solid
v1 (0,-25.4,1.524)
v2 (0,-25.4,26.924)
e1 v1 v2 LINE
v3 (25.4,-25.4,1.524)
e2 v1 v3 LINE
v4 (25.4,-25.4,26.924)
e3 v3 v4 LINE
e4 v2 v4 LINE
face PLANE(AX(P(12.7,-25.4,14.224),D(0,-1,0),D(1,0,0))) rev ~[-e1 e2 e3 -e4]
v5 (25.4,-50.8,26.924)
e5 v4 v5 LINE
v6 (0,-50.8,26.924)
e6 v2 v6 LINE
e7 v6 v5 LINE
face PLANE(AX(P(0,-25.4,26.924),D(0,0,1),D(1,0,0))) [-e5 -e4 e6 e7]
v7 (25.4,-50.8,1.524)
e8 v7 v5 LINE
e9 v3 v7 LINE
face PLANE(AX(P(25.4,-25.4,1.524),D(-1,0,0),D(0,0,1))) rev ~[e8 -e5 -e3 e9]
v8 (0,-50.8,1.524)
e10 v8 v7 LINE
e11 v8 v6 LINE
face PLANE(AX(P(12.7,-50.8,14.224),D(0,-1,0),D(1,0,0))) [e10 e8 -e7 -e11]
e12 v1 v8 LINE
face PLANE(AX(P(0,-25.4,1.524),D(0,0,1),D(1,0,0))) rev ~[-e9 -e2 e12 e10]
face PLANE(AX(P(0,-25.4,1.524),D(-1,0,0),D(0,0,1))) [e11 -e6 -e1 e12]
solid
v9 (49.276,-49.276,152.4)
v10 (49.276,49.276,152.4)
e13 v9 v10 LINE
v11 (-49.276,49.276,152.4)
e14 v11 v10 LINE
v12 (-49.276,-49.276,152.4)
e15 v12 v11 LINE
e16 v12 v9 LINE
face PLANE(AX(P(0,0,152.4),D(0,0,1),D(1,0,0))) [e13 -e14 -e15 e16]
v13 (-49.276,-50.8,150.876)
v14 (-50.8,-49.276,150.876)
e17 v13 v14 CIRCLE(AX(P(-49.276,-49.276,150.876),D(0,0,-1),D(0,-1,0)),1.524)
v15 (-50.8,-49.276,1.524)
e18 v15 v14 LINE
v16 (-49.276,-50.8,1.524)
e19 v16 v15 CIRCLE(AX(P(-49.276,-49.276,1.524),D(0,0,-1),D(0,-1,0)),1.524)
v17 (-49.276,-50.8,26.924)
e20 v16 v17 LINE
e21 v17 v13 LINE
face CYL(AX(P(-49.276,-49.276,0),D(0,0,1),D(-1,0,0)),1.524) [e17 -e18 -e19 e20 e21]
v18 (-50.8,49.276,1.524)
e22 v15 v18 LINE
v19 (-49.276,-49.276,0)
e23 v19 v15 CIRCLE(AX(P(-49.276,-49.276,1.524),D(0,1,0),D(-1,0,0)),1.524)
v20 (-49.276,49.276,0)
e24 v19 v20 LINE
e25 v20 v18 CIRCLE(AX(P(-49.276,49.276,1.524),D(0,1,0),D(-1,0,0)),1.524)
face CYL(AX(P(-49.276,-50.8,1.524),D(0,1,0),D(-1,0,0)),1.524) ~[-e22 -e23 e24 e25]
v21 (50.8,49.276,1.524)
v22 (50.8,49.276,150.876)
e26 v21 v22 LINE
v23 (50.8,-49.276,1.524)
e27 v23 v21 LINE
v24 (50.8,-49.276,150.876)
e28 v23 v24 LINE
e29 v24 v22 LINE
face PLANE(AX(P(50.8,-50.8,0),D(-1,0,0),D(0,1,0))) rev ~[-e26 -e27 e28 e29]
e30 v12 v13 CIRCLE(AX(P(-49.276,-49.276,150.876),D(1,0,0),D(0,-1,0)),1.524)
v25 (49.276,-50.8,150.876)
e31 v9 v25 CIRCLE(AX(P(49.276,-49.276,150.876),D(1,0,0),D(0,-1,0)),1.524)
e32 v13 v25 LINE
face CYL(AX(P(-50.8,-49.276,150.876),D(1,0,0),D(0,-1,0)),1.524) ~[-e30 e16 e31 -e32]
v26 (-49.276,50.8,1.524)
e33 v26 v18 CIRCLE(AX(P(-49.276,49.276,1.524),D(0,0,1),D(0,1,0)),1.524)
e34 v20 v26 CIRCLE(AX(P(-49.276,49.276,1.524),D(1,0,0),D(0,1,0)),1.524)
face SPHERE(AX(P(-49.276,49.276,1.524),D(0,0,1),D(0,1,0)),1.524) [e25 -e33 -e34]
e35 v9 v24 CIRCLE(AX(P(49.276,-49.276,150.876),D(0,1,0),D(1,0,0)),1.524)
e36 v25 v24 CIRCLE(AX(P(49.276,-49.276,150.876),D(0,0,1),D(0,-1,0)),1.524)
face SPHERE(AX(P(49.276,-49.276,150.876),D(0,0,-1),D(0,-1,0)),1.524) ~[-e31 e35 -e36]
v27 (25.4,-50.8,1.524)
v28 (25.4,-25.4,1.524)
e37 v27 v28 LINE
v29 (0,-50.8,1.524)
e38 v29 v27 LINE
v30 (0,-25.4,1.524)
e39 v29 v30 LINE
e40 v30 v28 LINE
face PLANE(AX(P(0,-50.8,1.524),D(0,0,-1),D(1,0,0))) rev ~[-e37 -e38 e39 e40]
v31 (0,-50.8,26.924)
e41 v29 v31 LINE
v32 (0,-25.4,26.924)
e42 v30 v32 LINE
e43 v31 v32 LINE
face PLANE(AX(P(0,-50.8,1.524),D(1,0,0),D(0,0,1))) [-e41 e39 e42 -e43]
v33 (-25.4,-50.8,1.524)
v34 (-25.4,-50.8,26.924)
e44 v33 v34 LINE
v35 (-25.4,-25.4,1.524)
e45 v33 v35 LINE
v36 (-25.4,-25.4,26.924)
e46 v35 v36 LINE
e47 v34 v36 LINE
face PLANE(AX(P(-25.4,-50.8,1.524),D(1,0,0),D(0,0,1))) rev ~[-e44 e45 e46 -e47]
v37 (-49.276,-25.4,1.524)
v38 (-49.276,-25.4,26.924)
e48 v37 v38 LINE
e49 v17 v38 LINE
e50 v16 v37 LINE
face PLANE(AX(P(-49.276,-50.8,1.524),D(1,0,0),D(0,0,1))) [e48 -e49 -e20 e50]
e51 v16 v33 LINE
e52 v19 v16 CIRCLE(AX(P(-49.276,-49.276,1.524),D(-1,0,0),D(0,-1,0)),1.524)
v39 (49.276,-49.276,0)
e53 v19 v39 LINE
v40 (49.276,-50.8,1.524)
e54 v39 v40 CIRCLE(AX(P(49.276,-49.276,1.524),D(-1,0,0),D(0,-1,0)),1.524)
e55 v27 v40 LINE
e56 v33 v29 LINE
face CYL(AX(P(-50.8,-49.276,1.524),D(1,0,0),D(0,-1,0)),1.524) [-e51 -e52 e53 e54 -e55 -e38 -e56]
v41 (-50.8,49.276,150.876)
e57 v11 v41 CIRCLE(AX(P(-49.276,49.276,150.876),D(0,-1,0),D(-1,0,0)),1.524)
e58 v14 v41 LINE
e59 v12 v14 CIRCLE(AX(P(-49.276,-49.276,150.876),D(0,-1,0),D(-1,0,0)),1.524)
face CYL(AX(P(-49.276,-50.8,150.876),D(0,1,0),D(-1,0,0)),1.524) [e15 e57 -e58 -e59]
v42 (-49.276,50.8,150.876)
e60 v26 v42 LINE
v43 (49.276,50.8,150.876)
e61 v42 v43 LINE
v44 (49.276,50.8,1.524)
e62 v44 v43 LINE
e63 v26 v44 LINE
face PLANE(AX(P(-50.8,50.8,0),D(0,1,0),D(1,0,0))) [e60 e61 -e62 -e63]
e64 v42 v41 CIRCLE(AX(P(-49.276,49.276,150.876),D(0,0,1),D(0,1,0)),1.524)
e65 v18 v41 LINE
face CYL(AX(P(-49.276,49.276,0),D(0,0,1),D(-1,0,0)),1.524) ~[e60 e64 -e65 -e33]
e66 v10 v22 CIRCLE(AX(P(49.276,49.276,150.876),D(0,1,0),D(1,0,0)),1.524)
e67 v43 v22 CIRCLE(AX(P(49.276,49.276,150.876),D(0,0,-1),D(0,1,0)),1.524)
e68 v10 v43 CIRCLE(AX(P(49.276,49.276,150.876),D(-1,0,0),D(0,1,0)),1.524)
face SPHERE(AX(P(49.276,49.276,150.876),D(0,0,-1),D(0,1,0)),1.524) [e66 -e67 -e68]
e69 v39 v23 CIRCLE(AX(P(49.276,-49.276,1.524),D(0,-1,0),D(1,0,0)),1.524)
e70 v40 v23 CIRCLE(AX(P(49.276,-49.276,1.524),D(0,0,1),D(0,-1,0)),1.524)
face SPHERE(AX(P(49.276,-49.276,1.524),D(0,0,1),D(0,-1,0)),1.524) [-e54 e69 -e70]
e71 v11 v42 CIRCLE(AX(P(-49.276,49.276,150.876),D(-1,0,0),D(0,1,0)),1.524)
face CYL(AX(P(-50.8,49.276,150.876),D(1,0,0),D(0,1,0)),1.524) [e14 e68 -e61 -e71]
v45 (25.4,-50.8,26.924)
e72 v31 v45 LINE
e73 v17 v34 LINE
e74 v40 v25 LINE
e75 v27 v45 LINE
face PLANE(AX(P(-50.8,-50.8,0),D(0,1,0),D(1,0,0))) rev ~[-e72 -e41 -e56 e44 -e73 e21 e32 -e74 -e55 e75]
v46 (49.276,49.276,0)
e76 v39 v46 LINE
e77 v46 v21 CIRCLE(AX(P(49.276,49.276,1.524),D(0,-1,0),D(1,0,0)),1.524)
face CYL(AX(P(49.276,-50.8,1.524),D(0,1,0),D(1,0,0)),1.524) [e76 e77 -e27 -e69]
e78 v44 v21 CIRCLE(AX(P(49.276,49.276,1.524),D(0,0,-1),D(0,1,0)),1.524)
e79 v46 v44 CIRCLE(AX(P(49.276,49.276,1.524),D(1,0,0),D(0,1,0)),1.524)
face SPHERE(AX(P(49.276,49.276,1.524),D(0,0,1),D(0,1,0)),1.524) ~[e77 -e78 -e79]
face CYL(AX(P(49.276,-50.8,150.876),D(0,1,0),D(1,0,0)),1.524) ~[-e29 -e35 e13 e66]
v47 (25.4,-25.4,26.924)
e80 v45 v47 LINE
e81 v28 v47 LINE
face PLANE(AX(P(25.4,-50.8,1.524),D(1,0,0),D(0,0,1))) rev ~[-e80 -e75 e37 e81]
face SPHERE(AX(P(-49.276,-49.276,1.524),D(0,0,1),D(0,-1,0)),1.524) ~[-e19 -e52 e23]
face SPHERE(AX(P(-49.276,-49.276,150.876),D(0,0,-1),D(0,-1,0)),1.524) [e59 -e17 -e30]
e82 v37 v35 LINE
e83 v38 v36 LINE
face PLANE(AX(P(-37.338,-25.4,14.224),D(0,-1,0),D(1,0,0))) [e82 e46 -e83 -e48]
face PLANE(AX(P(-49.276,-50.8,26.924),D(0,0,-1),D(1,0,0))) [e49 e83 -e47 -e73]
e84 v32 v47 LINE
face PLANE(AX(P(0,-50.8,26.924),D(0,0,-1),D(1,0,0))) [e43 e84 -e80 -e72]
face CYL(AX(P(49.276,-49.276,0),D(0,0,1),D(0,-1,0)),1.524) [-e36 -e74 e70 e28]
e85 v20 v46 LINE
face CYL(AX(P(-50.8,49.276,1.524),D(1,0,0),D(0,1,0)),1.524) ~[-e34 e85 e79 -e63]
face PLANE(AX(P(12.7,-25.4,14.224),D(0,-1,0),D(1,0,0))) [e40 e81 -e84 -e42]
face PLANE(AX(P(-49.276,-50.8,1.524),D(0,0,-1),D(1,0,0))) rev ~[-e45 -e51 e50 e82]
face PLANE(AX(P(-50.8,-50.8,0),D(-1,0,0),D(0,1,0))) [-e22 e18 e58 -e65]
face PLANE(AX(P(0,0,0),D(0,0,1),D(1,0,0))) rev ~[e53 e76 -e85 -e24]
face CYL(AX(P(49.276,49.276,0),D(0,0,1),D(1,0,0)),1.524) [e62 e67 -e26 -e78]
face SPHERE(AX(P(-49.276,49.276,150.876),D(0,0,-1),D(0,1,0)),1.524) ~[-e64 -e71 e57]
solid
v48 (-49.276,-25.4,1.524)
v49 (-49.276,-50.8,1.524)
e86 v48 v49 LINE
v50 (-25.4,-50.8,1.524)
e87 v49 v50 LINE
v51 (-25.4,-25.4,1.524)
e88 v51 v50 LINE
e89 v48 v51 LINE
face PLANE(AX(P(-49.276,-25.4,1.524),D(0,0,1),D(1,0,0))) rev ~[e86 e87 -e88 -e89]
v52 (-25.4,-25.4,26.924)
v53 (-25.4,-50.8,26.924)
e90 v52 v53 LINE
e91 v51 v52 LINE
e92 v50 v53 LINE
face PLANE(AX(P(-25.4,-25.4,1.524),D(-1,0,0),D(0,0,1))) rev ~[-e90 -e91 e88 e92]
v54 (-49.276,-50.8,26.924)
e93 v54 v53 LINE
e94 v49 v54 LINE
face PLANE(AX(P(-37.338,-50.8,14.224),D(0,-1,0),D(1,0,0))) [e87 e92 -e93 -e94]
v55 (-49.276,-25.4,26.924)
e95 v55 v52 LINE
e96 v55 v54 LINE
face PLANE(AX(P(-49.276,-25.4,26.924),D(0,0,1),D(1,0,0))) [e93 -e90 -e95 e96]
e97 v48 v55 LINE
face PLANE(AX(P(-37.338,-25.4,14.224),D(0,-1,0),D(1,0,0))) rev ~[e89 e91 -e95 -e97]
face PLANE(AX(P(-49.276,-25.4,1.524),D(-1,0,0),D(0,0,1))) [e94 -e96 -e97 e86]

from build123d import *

# Parameters (mm, degrees)
F0_W        = 101.6
F0_H        = 101.6
F1_DEPTH    = 152.4
F2_R        = 1.524
F3_W        = 23.876
F3_H        = 25.4
F3_W_2      = 25.4
F4_DEPTH    = 25.4
F4_FACE_W   = 25.4
F4_FACE_H   = 25.4
F4_FACE_W_2 = 23.876
F5_DEPTH    = 25.4


with BuildPart() as f1:
    # F0 (on Top) → F1 (new body)
    with BuildSketch(Plane.XY):
        Rectangle(F0_W, F0_H)
    extrude(amount=F1_DEPTH)

    # F2
    f2_edges = [f1.edges().sort_by_distance(p)[0] for p in [
        (-50.8, -50.8, 76.2),
        (50.8, -50.8, 76.2),
        (0, -50.8, 0),
        (0, -50.8, 152.4),
        (50.8, 50.8, 76.2),
        (-50.8, 50.8, 76.2),
        (0, 50.8, 0),
        (0, 50.8, 152.4),
        (50.8, 0, 152.4),
        (-50.8, 0, 152.4),
        (50.8, 0, 0),
        (-50.8, 0, 0),
    ]]
    fillet(f2_edges, radius=F2_R)

    # F3 (on face) → F4 (cut)
    with BuildSketch(Plane.XZ.offset(50.8)):
        with Locations((-37.338, 14.224)):
            Rectangle(F3_W, F3_H)
        with Locations((12.7, 14.224)):
            Rectangle(F3_W_2, F3_H)
    extrude(amount=-F4_DEPTH, mode=Mode.SUBTRACT)


with BuildPart() as f5:
    # F4_face (on face) → F5 (new body)
    with BuildSketch(Plane(origin=(12.7, -25.4, 14.224), x_dir=(1, 0, 0), z_dir=(0, -1, 0))):
        Rectangle(F4_FACE_W, F4_FACE_H)
        with Locations((-50.038, 0)):
            Rectangle(F4_FACE_W_2, F4_FACE_H)
    extrude(amount=F5_DEPTH)


solid = Compound([f1.part, f5.part])
